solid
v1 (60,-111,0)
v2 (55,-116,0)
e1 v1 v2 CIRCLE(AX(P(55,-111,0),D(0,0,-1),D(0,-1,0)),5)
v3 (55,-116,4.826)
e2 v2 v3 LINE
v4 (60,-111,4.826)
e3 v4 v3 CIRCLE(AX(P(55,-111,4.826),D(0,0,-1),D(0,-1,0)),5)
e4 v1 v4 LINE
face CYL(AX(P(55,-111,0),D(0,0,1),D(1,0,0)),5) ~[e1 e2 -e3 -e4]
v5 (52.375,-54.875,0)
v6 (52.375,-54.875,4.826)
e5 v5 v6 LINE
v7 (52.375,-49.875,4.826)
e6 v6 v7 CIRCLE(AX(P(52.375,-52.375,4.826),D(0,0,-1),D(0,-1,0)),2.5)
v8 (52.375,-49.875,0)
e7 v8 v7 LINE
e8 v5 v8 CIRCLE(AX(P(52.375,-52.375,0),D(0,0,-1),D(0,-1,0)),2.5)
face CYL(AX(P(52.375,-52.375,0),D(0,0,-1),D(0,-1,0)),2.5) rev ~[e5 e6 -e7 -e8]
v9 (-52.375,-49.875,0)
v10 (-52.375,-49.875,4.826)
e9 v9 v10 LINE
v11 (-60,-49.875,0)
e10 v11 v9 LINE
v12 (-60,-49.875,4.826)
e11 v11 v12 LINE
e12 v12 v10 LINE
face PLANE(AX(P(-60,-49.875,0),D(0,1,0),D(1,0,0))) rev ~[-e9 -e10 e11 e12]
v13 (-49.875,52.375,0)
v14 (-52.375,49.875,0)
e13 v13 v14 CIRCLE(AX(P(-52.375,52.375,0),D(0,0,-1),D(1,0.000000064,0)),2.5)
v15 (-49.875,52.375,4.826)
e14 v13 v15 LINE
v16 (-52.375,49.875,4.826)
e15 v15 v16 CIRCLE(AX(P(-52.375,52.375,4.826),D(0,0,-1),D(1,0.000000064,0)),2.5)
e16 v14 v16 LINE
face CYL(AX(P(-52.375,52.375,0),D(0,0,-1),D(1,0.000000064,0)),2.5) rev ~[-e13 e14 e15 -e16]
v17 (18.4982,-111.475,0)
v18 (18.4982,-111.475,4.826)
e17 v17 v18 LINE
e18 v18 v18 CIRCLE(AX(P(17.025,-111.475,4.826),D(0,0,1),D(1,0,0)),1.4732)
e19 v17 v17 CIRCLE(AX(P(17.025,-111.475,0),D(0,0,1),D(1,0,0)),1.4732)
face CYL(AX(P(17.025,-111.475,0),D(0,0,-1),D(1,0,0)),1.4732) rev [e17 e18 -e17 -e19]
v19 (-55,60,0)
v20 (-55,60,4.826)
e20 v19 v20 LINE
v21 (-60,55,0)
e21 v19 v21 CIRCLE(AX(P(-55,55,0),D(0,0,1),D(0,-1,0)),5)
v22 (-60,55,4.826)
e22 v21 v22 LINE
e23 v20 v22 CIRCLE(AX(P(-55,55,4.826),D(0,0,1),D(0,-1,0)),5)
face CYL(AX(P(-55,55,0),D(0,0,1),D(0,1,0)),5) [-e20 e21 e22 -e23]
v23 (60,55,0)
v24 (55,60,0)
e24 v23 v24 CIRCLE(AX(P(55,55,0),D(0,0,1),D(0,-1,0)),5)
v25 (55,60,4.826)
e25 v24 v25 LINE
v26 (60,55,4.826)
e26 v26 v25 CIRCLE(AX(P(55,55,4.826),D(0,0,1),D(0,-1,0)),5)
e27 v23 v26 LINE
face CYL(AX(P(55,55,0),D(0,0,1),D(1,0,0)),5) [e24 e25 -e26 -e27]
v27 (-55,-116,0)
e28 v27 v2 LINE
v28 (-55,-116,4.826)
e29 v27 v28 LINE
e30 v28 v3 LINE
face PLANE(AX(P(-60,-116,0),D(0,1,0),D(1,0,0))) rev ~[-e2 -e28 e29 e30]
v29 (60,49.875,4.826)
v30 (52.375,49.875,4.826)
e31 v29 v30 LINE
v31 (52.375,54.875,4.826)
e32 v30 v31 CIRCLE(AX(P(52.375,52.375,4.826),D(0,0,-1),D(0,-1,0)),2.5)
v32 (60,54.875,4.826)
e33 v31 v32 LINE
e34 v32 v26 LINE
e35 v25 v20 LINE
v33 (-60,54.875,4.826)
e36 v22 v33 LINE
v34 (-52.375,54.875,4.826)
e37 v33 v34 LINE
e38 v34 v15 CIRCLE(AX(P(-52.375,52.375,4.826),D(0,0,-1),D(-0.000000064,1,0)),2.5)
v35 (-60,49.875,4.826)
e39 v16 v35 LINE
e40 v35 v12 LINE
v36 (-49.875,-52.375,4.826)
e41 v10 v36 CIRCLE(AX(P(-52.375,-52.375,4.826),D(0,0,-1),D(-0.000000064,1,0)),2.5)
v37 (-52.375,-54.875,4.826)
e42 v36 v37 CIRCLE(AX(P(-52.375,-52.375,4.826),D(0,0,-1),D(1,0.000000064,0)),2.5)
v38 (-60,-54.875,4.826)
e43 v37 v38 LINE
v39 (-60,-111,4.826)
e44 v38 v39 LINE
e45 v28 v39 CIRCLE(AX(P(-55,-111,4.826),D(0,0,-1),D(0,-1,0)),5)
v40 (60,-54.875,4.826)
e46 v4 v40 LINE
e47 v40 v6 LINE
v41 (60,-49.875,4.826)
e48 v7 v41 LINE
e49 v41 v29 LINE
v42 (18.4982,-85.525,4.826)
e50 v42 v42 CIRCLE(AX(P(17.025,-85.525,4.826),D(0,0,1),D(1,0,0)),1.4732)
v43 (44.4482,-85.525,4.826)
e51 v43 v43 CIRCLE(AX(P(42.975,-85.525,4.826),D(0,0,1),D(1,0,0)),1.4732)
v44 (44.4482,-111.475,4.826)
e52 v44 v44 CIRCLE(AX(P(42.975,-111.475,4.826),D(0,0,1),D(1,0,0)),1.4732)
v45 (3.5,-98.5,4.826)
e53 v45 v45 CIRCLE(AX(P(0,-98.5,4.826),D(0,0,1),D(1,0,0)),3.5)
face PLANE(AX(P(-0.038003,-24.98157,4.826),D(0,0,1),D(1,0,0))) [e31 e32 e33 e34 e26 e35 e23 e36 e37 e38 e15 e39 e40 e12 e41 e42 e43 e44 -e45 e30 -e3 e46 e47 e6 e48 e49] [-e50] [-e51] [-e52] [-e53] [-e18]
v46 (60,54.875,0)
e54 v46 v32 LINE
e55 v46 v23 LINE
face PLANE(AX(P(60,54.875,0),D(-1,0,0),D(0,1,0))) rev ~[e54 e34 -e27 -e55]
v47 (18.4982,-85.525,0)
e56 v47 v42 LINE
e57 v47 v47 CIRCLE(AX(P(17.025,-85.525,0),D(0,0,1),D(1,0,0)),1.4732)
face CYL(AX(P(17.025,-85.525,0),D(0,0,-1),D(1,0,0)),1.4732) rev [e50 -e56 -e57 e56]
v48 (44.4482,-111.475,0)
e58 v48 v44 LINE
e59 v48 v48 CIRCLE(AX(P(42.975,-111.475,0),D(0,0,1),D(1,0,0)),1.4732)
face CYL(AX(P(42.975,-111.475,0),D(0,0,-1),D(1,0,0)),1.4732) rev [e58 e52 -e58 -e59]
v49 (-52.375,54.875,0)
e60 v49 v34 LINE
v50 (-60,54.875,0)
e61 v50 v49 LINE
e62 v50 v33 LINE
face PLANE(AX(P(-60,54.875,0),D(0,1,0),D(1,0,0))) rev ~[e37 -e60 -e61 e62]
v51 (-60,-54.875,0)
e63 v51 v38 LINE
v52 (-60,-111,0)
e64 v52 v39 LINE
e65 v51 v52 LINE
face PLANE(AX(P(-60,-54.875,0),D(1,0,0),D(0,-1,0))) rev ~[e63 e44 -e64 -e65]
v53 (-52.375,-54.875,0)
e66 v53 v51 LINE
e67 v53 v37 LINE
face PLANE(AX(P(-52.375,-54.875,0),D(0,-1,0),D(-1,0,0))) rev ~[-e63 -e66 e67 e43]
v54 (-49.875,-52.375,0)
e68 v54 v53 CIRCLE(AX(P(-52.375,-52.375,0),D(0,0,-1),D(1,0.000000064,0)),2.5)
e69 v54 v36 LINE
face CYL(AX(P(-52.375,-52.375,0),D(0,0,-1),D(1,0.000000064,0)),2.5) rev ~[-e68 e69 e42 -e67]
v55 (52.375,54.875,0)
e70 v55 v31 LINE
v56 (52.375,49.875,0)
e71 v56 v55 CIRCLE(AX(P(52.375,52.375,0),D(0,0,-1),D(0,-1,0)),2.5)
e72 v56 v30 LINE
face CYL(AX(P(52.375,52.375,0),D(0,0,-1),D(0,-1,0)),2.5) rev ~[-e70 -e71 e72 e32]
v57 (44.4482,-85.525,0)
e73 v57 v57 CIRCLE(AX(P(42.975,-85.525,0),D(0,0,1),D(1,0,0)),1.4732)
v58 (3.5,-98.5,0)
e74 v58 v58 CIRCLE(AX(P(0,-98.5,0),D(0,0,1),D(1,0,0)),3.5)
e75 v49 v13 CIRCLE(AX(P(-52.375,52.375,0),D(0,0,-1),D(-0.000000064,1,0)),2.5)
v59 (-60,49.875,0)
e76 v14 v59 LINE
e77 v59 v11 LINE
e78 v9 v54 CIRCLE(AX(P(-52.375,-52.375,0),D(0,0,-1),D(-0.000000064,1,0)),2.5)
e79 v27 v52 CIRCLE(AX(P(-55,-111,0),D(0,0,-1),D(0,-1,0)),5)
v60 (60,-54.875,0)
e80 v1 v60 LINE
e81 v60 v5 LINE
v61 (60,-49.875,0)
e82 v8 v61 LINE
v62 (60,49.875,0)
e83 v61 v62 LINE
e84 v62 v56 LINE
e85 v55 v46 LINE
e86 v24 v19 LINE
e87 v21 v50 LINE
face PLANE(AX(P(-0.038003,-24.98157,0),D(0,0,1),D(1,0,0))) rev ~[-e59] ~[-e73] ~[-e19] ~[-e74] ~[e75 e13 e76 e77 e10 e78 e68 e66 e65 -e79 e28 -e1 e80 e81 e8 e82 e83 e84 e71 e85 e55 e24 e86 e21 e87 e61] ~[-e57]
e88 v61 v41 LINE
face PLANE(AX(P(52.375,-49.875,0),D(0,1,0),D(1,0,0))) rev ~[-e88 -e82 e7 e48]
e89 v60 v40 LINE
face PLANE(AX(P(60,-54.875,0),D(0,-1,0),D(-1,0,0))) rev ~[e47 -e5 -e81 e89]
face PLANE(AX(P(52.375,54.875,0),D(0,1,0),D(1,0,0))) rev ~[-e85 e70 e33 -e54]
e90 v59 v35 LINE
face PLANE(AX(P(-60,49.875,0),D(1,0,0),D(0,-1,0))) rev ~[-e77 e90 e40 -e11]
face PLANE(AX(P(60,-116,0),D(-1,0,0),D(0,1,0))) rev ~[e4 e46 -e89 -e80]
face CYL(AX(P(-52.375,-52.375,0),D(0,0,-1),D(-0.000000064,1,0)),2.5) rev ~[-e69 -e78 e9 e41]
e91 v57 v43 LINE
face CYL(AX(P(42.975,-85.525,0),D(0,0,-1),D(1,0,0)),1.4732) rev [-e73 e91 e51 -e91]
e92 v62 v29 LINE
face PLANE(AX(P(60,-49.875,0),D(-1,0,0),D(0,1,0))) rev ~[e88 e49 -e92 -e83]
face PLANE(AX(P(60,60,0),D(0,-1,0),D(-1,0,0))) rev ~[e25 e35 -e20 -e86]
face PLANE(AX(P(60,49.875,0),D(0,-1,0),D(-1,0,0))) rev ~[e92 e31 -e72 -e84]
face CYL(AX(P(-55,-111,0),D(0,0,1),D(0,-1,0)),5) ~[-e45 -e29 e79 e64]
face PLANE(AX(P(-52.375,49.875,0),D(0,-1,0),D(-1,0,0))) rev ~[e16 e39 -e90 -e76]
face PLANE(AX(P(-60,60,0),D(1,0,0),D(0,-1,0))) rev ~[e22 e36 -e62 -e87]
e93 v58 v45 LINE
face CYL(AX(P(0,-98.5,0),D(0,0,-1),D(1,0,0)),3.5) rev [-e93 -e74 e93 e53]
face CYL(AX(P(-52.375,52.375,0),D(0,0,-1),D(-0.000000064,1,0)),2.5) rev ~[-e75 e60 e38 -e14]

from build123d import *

# Parameters (mm, degrees)
F1_R     = 3.5
F1_R_2   = 1.4732
F2_DEPTH = 4.826
F3_R     = 5


with BuildPart() as f2:
    # F1 (on face) → F2 (new body)
    with BuildSketch(Plane.XY):
        with BuildLine():
            Line((60, 54.875), (60, 60))
            Line((60, 60), (-60, 60))
            Line((-60, 60), (-60, 54.875))
            Line((-60, 54.875), (-52.375, 54.875))
            ThreePointArc((-52.375, 54.875), (-50.607233, 54.142767), (-49.875, 52.375))
            ThreePointArc((-49.875, 52.375), (-50.607233, 50.607233), (-52.375, 49.875))
            Line((-52.375, 49.875), (-60, 49.875))
            Line((-60, 49.875), (-60, -49.875))
            Line((-60, -49.875), (-52.375, -49.875))
            ThreePointArc((-52.375, -49.875), (-50.607233, -50.607233), (-49.875, -52.375))
            ThreePointArc((-49.875, -52.375), (-50.607233, -54.142767), (-52.375, -54.875))
            Line((-52.375, -54.875), (-60, -54.875))
            Line((-60, -54.875), (-60, -60))
            Line((-60, -60), (-60, -116))
            Line((-60, -116), (60, -116))
            Line((60, -116), (60, -60))
            Line((60, -60), (60, -54.875))
            Line((60, -54.875), (52.375, -54.875))
            ThreePointArc((52.375, -54.875), (49.875, -52.375), (52.375, -49.875))
            Line((52.375, -49.875), (60, -49.875))
            Line((60, -49.875), (60, 49.875))
            Line((60, 49.875), (52.375, 49.875))
            ThreePointArc((52.375, 49.875), (49.875, 52.375), (52.375, 54.875))
            Line((52.375, 54.875), (60, 54.875))
        make_face()
        with Locations((0, -98.5)):
            Circle(F1_R, mode=Mode.SUBTRACT)
        with Locations((17.025, -111.475)):
            Circle(F1_R_2, mode=Mode.SUBTRACT)
        with Locations((17.025, -85.525)):
            Circle(F1_R_2, mode=Mode.SUBTRACT)
        with Locations((42.975, -111.475)):
            Circle(F1_R_2, mode=Mode.SUBTRACT)
        with Locations((42.975, -85.525)):
            Circle(F1_R_2, mode=Mode.SUBTRACT)
    extrude(amount=F2_DEPTH)

    # F3
    f3_edges = [f2.edges().sort_by_distance(p)[0] for p in [
        (-60, 60, 2.413),
        (60, 60, 2.413),
        (60, -116, 2.413),
        (-60, -116, 2.413),
    ]]
    fillet(f3_edges, radius=F3_R)


solid = f2.part
